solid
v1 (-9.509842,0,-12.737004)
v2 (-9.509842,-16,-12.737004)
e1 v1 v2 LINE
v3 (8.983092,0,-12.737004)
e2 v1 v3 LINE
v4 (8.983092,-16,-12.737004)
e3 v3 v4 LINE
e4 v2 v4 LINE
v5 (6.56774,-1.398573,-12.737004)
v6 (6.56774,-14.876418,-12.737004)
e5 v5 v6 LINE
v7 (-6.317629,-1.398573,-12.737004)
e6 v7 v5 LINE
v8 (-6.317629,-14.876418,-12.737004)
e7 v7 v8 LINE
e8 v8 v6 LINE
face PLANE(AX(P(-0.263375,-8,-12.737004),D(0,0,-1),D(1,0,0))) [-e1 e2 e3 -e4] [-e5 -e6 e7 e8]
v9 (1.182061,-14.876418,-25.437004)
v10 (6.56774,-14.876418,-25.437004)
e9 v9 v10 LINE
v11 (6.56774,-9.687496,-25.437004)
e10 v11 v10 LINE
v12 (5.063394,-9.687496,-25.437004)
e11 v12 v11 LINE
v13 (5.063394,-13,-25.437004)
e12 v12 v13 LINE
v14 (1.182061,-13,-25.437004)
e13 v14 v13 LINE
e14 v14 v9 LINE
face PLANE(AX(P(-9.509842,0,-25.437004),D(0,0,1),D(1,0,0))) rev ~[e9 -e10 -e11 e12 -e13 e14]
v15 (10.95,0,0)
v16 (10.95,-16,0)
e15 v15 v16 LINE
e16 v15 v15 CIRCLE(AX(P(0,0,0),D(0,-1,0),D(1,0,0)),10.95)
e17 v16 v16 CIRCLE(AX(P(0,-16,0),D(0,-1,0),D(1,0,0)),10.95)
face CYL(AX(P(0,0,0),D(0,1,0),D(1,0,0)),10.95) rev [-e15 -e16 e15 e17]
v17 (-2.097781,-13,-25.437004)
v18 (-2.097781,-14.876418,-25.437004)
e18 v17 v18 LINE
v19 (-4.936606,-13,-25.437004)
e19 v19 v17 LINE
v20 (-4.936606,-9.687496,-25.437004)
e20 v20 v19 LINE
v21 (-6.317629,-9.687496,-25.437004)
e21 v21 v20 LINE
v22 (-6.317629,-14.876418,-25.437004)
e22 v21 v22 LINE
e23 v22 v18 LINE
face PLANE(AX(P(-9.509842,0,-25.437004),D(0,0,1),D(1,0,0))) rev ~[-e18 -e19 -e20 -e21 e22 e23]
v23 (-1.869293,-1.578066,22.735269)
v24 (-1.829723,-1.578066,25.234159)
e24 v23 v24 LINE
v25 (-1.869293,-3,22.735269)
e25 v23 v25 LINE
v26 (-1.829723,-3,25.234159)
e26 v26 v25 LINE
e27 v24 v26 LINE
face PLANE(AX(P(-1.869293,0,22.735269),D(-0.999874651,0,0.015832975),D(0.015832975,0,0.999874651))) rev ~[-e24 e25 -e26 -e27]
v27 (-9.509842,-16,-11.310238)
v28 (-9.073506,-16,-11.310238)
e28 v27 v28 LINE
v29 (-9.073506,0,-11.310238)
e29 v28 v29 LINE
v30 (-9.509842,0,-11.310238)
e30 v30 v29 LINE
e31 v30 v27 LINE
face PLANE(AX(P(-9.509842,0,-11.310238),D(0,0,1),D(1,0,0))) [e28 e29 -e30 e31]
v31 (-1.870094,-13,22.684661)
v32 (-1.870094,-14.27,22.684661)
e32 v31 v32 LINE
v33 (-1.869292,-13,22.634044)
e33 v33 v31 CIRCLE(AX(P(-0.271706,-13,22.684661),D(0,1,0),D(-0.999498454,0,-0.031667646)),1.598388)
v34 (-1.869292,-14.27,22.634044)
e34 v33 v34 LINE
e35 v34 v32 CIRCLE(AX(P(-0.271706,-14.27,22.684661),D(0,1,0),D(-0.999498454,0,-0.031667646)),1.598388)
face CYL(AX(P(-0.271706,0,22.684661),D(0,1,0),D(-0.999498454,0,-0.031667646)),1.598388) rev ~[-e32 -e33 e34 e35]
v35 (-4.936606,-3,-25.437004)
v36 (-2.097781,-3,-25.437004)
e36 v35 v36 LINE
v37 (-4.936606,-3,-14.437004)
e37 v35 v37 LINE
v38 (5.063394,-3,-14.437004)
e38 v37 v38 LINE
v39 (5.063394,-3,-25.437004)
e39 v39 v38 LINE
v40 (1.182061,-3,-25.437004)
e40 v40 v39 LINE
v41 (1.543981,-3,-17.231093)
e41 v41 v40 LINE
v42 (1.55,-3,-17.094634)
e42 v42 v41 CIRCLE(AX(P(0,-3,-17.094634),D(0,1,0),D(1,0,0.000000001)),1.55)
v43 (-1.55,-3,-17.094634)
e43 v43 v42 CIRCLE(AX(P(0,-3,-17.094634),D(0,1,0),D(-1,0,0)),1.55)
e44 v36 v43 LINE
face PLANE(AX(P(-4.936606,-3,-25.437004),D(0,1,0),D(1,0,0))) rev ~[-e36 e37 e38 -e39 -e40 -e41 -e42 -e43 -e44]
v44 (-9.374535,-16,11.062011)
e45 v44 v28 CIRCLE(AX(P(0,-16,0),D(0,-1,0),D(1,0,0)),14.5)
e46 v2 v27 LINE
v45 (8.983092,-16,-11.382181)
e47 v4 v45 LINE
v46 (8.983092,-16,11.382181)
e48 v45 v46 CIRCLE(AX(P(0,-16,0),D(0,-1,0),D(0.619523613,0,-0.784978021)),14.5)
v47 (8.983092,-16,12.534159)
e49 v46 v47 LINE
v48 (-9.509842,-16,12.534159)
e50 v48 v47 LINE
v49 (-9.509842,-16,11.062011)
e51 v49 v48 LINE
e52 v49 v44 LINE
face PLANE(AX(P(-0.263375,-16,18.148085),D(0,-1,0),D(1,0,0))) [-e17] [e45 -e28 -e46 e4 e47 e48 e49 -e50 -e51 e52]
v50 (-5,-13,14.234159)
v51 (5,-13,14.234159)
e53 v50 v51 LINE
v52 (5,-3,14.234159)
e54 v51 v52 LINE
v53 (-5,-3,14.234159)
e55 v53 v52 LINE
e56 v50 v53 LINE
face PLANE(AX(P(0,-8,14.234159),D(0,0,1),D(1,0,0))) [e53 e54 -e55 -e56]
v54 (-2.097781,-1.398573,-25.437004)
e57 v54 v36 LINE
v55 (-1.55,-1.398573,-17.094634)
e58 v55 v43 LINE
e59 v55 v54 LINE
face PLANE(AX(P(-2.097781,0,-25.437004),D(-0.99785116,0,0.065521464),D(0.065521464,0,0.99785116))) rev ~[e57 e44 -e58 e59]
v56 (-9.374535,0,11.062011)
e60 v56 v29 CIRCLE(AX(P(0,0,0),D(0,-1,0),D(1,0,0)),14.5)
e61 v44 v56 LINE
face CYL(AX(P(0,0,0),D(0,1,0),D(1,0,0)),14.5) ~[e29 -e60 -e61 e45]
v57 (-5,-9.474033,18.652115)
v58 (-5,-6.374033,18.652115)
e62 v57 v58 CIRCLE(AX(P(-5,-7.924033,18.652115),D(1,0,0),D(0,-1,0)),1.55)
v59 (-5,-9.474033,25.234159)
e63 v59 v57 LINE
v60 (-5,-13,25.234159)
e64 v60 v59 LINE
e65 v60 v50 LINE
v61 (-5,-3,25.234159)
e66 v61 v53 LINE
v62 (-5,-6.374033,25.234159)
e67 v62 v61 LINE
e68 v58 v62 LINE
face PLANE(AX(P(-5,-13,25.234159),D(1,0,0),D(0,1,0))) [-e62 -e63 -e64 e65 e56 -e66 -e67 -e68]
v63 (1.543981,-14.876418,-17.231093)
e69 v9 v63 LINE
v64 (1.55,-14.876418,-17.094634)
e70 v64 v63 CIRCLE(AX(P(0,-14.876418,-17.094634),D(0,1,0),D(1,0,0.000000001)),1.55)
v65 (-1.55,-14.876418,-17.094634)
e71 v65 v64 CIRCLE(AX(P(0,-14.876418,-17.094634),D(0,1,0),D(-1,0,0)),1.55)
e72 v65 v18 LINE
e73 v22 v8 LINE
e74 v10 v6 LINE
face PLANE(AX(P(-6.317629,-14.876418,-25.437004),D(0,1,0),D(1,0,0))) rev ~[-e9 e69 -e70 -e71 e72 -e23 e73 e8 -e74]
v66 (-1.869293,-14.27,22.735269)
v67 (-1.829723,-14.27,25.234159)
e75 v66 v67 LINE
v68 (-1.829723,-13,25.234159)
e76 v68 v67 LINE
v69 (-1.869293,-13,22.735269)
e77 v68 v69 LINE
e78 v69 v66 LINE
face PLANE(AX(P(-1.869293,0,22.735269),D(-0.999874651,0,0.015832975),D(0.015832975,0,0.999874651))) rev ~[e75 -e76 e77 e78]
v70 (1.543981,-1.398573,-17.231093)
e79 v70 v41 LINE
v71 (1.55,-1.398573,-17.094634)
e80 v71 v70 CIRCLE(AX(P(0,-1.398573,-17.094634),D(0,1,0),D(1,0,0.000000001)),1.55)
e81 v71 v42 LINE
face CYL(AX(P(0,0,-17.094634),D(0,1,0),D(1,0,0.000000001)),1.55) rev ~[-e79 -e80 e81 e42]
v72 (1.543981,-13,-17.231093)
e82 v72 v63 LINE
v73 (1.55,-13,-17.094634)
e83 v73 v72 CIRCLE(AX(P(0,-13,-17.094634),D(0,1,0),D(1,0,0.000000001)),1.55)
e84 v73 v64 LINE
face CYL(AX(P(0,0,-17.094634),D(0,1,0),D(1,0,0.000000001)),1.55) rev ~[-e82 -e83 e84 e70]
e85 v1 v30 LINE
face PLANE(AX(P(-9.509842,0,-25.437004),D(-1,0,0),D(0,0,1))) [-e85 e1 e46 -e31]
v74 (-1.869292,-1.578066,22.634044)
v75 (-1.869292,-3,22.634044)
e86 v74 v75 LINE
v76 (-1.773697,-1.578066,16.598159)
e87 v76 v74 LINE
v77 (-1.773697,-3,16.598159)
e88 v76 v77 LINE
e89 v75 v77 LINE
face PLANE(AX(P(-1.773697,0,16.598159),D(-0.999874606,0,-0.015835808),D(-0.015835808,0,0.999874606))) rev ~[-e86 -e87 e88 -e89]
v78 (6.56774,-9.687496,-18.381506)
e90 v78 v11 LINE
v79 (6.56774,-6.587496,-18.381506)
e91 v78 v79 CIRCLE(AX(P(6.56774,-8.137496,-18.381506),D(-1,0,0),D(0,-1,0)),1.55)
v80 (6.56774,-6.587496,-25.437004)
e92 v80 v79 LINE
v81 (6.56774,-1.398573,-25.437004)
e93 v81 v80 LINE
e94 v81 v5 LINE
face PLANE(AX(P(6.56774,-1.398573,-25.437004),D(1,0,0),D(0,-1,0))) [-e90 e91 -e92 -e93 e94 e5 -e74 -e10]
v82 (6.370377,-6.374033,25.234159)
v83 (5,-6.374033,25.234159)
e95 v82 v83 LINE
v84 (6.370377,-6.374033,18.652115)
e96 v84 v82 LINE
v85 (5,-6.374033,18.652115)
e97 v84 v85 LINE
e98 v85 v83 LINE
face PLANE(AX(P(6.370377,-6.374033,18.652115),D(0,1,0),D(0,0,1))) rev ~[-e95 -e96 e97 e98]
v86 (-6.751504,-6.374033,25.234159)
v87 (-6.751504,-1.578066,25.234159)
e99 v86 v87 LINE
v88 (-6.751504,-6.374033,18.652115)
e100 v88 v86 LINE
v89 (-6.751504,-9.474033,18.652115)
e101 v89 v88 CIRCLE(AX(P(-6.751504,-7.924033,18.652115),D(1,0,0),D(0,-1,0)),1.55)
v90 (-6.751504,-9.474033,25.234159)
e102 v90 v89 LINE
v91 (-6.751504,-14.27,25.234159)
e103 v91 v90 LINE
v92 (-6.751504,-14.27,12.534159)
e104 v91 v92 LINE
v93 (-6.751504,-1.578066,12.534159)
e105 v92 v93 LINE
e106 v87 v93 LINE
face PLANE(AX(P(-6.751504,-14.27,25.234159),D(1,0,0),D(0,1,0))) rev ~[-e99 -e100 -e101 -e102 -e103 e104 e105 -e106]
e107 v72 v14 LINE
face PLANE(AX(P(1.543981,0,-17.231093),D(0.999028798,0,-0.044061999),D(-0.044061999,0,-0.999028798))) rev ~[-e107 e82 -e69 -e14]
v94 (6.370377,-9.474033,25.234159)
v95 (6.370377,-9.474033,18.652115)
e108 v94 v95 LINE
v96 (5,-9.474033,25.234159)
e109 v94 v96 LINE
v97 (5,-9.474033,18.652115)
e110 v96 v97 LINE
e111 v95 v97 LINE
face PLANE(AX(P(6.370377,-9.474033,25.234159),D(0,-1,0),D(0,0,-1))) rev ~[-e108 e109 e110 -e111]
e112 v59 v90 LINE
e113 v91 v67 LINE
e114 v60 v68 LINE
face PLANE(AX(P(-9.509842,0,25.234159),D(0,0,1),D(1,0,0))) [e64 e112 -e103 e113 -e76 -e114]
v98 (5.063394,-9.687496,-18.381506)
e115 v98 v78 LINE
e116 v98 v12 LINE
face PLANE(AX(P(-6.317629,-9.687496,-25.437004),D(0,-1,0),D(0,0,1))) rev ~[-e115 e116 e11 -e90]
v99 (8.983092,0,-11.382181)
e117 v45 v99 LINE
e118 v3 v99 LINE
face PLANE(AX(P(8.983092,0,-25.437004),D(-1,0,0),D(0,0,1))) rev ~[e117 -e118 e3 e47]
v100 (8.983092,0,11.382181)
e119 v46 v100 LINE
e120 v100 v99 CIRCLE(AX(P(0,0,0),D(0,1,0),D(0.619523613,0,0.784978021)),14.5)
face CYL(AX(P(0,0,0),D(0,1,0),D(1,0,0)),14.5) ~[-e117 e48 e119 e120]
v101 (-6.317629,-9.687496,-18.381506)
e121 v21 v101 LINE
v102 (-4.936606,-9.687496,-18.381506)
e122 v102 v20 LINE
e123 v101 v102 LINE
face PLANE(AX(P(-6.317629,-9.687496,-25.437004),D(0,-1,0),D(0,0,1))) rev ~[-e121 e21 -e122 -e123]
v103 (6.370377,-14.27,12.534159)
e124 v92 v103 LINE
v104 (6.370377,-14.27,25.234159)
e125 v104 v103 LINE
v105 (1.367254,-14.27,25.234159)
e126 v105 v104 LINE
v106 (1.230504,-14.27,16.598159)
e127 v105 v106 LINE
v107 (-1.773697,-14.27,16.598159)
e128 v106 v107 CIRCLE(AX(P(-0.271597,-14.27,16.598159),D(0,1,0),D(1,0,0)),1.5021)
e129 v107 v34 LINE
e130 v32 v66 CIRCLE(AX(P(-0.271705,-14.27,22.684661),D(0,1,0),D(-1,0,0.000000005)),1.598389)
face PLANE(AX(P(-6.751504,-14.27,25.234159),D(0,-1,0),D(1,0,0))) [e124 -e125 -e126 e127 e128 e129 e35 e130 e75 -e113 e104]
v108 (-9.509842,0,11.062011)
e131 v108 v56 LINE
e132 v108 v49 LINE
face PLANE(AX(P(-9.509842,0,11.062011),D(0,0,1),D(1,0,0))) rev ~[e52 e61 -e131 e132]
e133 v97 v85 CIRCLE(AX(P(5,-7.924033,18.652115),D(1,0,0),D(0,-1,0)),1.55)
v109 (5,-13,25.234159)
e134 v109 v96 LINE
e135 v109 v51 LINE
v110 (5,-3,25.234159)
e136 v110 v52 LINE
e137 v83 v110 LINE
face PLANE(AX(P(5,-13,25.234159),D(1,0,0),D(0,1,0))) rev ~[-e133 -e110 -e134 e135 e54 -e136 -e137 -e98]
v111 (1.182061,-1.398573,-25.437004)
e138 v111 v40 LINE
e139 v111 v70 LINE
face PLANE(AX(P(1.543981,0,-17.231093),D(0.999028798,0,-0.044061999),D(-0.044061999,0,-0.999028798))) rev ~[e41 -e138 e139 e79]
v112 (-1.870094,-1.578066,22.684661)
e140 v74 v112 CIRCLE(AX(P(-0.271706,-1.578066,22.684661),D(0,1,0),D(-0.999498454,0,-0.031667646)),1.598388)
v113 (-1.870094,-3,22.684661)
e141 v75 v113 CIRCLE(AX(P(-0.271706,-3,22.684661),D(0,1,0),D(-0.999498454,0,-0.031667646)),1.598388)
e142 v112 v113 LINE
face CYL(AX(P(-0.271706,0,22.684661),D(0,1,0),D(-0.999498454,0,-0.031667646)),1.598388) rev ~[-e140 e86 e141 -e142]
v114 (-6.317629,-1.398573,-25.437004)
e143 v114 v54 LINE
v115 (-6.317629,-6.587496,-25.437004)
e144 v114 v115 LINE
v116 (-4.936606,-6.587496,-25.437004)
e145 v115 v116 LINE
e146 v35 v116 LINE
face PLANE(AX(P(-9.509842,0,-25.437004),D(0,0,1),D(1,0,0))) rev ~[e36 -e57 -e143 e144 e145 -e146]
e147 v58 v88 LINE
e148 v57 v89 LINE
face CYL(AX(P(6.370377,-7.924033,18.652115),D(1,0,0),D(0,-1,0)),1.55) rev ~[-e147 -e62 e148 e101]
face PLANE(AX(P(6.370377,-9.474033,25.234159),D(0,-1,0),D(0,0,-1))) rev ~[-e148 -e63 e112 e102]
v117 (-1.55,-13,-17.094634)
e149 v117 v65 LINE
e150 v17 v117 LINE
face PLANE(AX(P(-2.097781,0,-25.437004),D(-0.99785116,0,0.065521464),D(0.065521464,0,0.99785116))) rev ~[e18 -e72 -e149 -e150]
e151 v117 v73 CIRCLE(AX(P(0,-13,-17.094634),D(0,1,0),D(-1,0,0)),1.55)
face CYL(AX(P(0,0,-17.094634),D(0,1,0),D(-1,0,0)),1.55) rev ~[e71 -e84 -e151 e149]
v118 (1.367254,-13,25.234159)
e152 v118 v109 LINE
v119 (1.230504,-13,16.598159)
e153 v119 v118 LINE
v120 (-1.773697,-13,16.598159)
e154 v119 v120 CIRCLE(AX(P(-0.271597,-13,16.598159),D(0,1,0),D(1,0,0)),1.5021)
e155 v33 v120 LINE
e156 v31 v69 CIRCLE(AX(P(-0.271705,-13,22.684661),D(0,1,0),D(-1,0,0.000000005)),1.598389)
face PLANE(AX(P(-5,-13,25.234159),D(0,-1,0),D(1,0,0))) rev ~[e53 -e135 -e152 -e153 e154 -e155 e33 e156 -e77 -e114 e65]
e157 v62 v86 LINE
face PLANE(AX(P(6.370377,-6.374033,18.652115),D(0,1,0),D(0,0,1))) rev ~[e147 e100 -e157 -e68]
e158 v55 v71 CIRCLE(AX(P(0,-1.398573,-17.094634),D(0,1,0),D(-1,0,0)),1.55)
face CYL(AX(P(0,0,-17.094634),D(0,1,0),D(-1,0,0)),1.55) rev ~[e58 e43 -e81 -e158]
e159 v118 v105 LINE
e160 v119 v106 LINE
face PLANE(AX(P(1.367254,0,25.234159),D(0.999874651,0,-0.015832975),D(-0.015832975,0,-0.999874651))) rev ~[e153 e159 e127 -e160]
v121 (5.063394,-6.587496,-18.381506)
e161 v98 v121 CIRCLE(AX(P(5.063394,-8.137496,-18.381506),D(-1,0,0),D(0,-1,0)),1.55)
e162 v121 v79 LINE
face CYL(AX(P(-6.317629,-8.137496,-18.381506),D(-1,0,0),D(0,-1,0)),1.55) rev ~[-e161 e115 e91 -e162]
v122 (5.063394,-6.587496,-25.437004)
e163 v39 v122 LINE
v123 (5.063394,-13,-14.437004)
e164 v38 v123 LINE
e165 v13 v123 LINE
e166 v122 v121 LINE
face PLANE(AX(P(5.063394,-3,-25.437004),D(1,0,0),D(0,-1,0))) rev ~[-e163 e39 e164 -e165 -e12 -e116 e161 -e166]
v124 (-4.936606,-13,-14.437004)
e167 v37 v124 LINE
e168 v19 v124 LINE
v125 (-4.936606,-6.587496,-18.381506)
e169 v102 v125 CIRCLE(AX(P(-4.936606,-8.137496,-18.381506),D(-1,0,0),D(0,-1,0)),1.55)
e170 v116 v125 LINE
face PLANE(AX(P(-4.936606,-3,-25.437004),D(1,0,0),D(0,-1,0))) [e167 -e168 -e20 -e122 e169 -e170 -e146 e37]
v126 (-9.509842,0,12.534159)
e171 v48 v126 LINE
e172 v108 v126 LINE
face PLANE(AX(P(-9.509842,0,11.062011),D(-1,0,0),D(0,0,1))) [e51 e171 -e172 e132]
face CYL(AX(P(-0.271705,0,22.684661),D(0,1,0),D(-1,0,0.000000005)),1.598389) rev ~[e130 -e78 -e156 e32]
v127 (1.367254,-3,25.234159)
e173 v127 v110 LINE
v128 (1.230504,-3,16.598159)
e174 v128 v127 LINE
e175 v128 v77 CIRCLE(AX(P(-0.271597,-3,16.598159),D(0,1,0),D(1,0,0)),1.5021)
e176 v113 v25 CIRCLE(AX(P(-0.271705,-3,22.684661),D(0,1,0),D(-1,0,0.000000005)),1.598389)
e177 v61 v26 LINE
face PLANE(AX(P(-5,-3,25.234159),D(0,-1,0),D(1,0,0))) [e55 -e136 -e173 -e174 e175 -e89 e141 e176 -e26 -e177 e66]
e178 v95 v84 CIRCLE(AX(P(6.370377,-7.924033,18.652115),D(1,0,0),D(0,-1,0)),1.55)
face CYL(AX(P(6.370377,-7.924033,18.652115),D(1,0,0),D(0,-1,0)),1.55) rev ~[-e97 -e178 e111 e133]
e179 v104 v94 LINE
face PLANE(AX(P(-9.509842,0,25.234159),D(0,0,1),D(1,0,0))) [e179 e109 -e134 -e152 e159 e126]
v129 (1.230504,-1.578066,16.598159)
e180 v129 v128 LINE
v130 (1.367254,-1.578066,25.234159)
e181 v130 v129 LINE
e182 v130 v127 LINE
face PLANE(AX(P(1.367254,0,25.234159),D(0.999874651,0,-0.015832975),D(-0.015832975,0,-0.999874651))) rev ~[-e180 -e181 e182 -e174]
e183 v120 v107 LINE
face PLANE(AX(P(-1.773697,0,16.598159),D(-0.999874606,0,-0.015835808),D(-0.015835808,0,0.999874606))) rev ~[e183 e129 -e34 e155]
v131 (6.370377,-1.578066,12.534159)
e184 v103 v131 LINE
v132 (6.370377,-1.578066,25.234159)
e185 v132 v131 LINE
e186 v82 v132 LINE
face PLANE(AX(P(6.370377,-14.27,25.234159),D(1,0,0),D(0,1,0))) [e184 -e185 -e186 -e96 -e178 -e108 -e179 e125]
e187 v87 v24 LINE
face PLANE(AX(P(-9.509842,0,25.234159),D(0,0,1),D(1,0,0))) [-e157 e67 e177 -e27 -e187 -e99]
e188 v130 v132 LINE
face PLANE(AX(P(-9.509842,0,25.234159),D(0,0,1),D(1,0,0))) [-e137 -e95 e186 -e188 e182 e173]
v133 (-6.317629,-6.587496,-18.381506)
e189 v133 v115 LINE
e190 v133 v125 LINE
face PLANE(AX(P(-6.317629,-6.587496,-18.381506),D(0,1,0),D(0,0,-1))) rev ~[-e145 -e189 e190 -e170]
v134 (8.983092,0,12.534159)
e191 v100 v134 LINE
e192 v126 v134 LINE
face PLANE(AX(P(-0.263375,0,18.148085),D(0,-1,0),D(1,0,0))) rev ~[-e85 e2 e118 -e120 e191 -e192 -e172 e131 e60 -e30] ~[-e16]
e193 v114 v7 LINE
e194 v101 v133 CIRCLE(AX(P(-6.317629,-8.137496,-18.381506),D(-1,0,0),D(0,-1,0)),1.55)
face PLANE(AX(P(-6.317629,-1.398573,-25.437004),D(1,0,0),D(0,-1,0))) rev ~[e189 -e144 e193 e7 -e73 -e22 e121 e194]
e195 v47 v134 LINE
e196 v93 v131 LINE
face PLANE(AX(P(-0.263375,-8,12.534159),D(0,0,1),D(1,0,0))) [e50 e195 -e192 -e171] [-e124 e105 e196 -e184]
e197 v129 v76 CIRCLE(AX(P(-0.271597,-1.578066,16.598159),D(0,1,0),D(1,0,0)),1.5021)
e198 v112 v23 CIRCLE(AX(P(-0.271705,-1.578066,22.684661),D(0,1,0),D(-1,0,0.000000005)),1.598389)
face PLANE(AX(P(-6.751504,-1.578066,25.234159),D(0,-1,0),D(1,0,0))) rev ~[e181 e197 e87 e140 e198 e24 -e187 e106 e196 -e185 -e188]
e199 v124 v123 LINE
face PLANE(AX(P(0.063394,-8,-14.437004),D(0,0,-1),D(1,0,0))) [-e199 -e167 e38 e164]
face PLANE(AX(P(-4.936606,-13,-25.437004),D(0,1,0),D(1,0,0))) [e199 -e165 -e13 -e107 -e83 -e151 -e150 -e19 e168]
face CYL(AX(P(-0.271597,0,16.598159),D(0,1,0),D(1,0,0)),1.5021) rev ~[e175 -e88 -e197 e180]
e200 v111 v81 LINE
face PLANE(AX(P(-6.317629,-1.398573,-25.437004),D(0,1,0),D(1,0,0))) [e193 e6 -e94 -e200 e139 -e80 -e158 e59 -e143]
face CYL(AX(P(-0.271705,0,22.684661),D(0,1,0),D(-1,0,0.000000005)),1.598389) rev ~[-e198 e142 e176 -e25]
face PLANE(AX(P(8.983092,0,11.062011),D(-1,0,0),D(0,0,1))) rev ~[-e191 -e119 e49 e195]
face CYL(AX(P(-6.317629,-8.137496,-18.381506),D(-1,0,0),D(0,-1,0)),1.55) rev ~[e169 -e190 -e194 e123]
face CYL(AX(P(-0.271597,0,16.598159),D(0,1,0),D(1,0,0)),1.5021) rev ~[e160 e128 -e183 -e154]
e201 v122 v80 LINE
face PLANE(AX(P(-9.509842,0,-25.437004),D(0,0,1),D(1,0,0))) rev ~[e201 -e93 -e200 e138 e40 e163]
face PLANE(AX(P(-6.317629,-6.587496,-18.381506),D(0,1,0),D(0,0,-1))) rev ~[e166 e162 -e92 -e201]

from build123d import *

# Parameters (mm, degrees)
F0_R      = 14.5
F0_R_2    = 10.95
F1_DEPTH  = 16
F2_W      = 18.492934294
F2_H      = 14.1721479595
F2_H_2    = 14.1267654391
F3_DEPTH  = 16
F4_W      = 10
F4_H      = 10
F5_DEPTH  = 11
F6_W      = 10
F6_H      = 10
F7_DEPTH  = 11
F9_DEPTH  = 25.4
F10_W     = 18.492934294
F10_H     = 16
F10_W_2   = 13.1218810566
F10_H_2   = 12.6919343169
F11_DEPTH = 12.7
F12_W     = 18.492934294
F12_H     = 16
F12_W_2   = 12.8853693604
F12_H_2   = 13.4778445354
F13_DEPTH = 12.7
F15_DEPTH = 25.4
F17_DEPTH = 25.4


with BuildPart() as f1:
    # F0 (on Front) → F1 (new body)
    with BuildSketch(Plane.XZ):
        Circle(F0_R)
        Circle(F0_R_2, mode=Mode.SUBTRACT)
    extrude(amount=F1_DEPTH)

    # F2 (on Front) → F3 (join)
    with BuildSketch(Plane.XZ):
        with Locations((-0.2633747645, 18.1480851024)):
            Rectangle(F2_W, F2_H)
        with Locations((-0.2633747645, -18.3736211107)):
            Rectangle(F2_W, F2_H_2)
    extrude(amount=F3_DEPTH)

    # F4 (on face) → F5 (cut)
    with BuildSketch(Plane.XY.offset(25.2341590822)):
        with Locations((0, -8)):
            Rectangle(F4_W, F4_H)
    extrude(amount=-F5_DEPTH, mode=Mode.SUBTRACT)

    # F6 (on face) → F7 (cut)
    with BuildSketch(Plane(origin=(0, 0, -25.4370038303), x_dir=(1, 0, 0), z_dir=(0, 0, -1))):
        with Locations((0.0633943081, 8)):
            Rectangle(F6_W, F6_H)
    extrude(amount=-F7_DEPTH, mode=Mode.SUBTRACT)

    # F8 (on face) → F9 (cut)
    with BuildSketch(Plane(origin=(0, 0, 0), x_dir=(-1, 0, 0), z_dir=(0, 1, 0))):
        with BuildLine():
            Line((1.8700940227, 22.6846607949), (1.8692923579, 22.6340436))
            ThreePointArc((1.8692923579, 22.6340436), (1.8698935939, 22.6593490235), (1.8700940227, 22.6846607949))
        make_face()
        with BuildLine():
            Line((1.7736972601, 16.5981590822), (1.8692923579, 22.6340436))
            Line((1.8692923579, 22.6340436), (1.8700940227, 22.6846607949))
            Line((1.8700940227, 22.6846607949), (1.8692926448, 22.7352689357))
            Line((1.8692926448, 22.7352689357), (1.8297228193, 25.2341590822))
            Line((1.8297228193, 25.2341590822), (-1.3672542312, 25.2341590822))
            Line((-1.3672542312, 25.2341590822), (-1.2305035169, 16.5981590822))
            ThreePointArc((-1.2305035169, 16.5981590822), (0.2715968716, 15.0960586937), (1.7736972601, 16.5981590822))
        make_face()
        with BuildLine():
            Line((1.8692926448, 22.7352689357), (1.8700940227, 22.6846607949))
            ThreePointArc((1.8700940227, 22.6846607949), (1.8698936656, 22.7099680376), (1.8692926448, 22.7352689357))
        make_face()
        with BuildLine():
            Line((2.097781384, -25.4370038303), (1.55, -17.0946339148))
            ThreePointArc((1.55, -17.0946339148), (0, -15.5446339148), (-1.55, -17.0946339148))
            Line((-1.55, -17.0946339148), (-1.5439814747, -17.2310934543))
            Line((-1.5439814747, -17.2310934543), (-1.1820611591, -25.4370038303))
            Line((-1.1820611591, -25.4370038303), (2.097781384, -25.4370038303))
        make_face()
        with BuildLine():
            Line((-1.5439814747, -17.2310934543), (-1.55, -17.0946339148))
            ThreePointArc((-1.55, -17.0946339148), (-1.5484946377, -17.1629300138), (-1.5439814747, -17.2310934543))
        make_face()
    extrude(amount=-F9_DEPTH, mode=Mode.SUBTRACT)

    # F10 (on face) → F11 (cut)
    with BuildSketch(Plane.XY.offset(25.2341590822)):
        with Locations((-0.2633747645, -8)):
            Rectangle(F10_W, F10_H)
        with Locations((-0.1905632671, -7.9240328416)):
            Rectangle(F10_W_2, F10_H_2, mode=Mode.SUBTRACT)
    extrude(amount=-F11_DEPTH, mode=Mode.SUBTRACT)

    # F12 (on face) → F13 (cut)
    with BuildSketch(Plane(origin=(0, 0, -25.4370038303), x_dir=(1, 0, 0), z_dir=(0, 0, -1))):
        with Locations((-0.2633747645, 8)):
            Rectangle(F12_W, F12_H)
        with Locations((0.125055667, 8.137495548)):
            Rectangle(F12_W_2, F12_H_2, mode=Mode.SUBTRACT)
    extrude(amount=-F13_DEPTH, mode=Mode.SUBTRACT)

    # F14 (on face) → F15 (cut)
    with BuildSketch(Plane.YZ.offset(6.3703772612)):
        with BuildLine():
            Line((-9.4740328416, 25.2341590822), (-9.4740328416, 18.6521150172))
            ThreePointArc((-9.4740328416, 18.6521150172), (-7.9240328416, 17.1021150172), (-6.3740328416, 18.6521150172))
            Line((-6.3740328416, 18.6521150172), (-6.3740328416, 25.2341590822))
            Line((-6.3740328416, 25.2341590822), (-9.4740328416, 25.2341590822))
        make_face()
    extrude(amount=-F15_DEPTH, mode=Mode.SUBTRACT)

    # F16 (on face) → F17 (cut)
    with BuildSketch(Plane(origin=(-6.3176290132, 0, 0), x_dir=(0, -1, 0), z_dir=(-1, 0, 0))):
        with BuildLine():
            Line((9.687495548, -25.4370038303), (9.687495548, -18.3815062046))
            ThreePointArc((9.687495548, -18.3815062046), (8.137495548, -16.8315062046), (6.587495548, -18.3815062046))
            Line((6.587495548, -18.3815062046), (6.587495548, -25.4370038303))
            Line((6.587495548, -25.4370038303), (9.687495548, -25.4370038303))
        make_face()
    extrude(amount=-F17_DEPTH, mode=Mode.SUBTRACT)


solid = f1.part
